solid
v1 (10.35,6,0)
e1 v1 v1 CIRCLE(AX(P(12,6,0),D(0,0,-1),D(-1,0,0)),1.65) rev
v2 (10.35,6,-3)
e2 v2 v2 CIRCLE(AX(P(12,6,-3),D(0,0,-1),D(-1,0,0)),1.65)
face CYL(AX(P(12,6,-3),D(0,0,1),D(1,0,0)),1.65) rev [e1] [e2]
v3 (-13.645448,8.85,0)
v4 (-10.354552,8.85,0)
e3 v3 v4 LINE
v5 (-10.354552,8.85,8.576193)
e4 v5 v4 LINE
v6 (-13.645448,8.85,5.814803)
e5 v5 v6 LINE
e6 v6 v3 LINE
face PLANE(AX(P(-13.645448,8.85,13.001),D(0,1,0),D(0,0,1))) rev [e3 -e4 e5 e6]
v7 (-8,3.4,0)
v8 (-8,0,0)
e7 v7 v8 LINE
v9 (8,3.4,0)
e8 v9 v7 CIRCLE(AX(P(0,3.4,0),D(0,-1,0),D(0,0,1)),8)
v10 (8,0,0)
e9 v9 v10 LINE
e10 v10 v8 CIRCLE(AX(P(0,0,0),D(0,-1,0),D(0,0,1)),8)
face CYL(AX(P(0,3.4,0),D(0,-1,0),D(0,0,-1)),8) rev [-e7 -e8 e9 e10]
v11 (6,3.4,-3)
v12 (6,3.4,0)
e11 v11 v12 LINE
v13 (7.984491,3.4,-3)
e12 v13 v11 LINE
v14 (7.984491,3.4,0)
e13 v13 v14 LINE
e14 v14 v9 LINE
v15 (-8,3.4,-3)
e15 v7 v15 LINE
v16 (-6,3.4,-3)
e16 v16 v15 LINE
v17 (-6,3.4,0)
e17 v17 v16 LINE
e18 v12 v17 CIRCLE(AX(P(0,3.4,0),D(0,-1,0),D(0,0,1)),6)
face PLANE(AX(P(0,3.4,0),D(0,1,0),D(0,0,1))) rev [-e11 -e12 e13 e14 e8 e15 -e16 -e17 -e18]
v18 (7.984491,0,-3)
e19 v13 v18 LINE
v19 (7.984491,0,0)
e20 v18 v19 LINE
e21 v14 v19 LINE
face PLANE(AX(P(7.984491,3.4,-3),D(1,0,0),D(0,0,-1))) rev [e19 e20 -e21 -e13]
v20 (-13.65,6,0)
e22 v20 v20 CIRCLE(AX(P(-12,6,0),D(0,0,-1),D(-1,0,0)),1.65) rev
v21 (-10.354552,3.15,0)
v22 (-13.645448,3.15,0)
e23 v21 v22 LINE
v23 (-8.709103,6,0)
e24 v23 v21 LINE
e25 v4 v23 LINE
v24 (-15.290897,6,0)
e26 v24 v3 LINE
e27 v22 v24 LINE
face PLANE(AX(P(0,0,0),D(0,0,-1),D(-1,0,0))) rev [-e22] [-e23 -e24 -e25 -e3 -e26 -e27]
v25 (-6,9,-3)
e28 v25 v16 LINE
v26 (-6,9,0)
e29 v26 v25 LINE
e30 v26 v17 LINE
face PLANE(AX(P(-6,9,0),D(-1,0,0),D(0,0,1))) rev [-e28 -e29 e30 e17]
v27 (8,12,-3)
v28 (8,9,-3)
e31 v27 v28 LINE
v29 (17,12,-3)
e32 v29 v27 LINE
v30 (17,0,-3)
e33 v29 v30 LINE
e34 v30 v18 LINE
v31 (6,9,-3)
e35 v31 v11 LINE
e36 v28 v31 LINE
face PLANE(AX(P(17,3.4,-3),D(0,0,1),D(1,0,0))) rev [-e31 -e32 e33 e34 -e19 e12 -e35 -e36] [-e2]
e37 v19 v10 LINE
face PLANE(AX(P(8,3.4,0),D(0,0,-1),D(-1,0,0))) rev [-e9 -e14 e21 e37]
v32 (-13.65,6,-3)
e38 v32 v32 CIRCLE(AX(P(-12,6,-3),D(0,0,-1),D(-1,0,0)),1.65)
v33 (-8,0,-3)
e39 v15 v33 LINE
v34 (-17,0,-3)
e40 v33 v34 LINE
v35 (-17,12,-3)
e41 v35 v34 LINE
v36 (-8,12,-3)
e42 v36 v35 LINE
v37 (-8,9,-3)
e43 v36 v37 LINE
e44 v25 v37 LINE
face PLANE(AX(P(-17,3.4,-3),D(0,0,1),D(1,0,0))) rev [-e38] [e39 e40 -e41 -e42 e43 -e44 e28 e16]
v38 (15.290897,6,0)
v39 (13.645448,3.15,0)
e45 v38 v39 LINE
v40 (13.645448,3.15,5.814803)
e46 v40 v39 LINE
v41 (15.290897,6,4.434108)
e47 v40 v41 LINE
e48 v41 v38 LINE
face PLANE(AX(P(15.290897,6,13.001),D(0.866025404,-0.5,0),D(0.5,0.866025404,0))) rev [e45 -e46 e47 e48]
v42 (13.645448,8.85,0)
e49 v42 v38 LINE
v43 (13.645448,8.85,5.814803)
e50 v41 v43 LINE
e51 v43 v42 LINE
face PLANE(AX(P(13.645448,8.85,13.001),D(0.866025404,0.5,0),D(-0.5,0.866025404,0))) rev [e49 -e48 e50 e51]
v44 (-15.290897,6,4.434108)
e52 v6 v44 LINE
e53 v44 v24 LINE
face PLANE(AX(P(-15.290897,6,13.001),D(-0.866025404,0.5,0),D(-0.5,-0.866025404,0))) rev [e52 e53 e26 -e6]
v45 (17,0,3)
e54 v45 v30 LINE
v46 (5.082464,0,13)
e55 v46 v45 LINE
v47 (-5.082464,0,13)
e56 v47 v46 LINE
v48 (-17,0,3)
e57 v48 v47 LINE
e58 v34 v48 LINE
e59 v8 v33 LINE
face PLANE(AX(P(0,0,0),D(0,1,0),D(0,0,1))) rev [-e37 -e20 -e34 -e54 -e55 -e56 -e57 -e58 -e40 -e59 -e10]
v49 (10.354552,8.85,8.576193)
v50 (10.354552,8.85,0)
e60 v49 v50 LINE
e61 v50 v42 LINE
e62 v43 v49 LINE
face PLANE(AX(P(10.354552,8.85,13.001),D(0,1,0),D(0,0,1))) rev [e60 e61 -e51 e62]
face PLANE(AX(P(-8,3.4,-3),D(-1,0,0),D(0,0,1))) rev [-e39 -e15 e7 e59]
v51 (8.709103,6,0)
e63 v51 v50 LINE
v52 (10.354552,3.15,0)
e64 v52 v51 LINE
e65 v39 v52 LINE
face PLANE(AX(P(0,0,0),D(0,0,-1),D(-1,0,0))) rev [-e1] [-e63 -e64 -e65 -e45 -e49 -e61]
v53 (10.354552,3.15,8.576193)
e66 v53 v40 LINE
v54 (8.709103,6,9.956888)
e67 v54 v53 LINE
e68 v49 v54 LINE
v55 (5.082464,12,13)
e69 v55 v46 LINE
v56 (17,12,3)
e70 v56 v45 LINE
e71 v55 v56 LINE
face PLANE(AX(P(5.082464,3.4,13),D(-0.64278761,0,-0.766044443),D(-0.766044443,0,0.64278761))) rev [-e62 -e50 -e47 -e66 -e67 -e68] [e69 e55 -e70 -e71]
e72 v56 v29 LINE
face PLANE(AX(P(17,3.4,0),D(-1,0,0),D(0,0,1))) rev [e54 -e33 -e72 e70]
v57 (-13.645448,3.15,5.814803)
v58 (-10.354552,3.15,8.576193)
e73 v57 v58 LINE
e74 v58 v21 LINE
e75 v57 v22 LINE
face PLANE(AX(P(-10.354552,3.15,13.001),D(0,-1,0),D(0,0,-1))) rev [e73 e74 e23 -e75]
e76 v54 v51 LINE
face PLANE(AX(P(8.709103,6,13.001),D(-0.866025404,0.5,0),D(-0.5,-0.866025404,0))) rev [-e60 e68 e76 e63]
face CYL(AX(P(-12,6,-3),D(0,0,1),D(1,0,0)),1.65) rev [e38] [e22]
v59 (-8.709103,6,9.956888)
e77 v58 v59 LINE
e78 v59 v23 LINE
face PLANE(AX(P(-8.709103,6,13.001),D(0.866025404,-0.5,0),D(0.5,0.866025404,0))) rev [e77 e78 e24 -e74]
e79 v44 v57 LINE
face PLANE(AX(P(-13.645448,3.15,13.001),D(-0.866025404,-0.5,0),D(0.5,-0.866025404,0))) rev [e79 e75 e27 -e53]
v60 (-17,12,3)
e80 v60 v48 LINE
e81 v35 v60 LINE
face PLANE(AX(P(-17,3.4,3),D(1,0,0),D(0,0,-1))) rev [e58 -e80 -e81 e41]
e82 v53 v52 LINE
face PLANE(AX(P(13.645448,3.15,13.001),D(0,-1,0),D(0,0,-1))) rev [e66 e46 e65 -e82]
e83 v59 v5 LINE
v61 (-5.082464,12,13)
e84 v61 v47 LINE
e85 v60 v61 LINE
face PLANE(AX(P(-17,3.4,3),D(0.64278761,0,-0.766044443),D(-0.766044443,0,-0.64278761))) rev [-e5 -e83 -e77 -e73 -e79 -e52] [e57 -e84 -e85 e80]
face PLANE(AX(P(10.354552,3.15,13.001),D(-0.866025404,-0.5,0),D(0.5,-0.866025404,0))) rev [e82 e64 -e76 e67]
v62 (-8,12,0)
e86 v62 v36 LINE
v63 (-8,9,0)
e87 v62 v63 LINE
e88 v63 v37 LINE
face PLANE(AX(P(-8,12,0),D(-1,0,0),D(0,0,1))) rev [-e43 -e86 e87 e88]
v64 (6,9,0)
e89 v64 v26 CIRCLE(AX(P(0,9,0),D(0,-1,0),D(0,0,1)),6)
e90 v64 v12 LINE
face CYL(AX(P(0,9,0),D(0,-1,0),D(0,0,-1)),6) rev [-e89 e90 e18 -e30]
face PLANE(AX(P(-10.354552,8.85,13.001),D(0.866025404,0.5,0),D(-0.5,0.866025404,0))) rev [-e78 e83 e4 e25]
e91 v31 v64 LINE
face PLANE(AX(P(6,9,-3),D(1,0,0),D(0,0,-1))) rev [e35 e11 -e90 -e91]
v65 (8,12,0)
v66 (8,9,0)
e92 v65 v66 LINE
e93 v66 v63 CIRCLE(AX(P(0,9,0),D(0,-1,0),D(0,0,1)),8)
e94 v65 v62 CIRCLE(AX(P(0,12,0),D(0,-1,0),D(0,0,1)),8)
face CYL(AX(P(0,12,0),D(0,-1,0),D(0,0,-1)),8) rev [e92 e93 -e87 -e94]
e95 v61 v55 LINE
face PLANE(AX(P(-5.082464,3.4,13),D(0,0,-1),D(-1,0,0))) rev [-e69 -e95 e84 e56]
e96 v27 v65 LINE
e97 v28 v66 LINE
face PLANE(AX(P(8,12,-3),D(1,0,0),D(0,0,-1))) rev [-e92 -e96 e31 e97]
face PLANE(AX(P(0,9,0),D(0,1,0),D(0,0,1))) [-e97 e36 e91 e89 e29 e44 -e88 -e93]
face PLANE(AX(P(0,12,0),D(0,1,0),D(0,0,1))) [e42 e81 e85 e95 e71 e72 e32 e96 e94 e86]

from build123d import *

# Parameters (mm, degrees)
EXTRUDE_1_DEPTH          = 3.4
EXTRUDE_2_DEPTH          = 5.6
EXTRUDE_3_DEPTH          = 3
SKETCH_5_R               = 1.65
CUT_EXTRUDE_2_DEPTH      = 4
CUT_EXTRUDE_2_DEPTH_BACK = 14
CUT_EXTRUDE_1_REACH      = 15


with BuildPart() as part:
    # 草图1 → 凸台-拉伸1 (new body)
    with BuildSketch(Plane(origin=(0, 0, 0), x_dir=(1, 0, 0), z_dir=(0, 1, 0))):
        with BuildLine():
            Line((-17, -3), (-5.082464074, -13))
            Line((-5.082464074, -13), (5.082464074, -13))
            Line((5.082464074, -13), (17, -3))
            Line((17, -3), (17, 0))
            Line((17, 0), (17, 3))
            Line((17, 3), (7.984491068, 3))
            Line((7.984491068, 3), (7.984491068, 0))
            Line((7.984491068, 0), (8, 0))
            ThreePointArc((8, 0), (0, -8), (-8, 0))
            Line((-8, 0), (-8, 3))
            Line((-8, 3), (-17, 3))
            Line((-17, 3), (-17, -3))
        make_face()
    extrude(amount=EXTRUDE_1_DEPTH)

    # 草图2 → 凸台-拉伸2 (add)
    with BuildSketch(Plane(origin=(0, 3.4, 0), x_dir=(1, 0, 0), z_dir=(0, 1, 0))):
        with BuildLine():
            Line((-17, -3), (-5.082464074, -13))
            Line((-5.082464074, -13), (5.082464074, -13))
            Line((5.082464074, -13), (17, -3))
            Line((17, -3), (17, 3))
            Line((17, 3), (6, 3))
            Line((6, 3), (6, 0))
            ThreePointArc((6, 0), (0, -6), (-6, 0))
            Line((-6, 0), (-6, 3))
            Line((-6, 3), (-17, 3))
            Line((-17, 3), (-17, -3))
        make_face()
    extrude(amount=EXTRUDE_2_DEPTH)

    # 草图3 → 凸台-拉伸3 (add)
    with BuildSketch(Plane(origin=(0, 9, 0), x_dir=(1, 0, 0), z_dir=(0, 1, 0))):
        with BuildLine():
            Line((-17, -3), (-5.082464074, -13))
            Line((-5.082464074, -13), (5.082464074, -13))
            Line((5.082464074, -13), (17, -3))
            Line((17, -3), (17, 3))
            Line((17, 3), (8, 3))
            Line((8, 3), (8, 0))
            ThreePointArc((8, 0), (0, -8), (-8, 0))
            Line((-8, 0), (-8, 3))
            Line((-8, 3), (-17, 3))
            Line((-17, 3), (-17, -3))
        make_face()
    extrude(amount=EXTRUDE_3_DEPTH)

    # 草图5 → 切除-拉伸2 (cut, two sides)
    with BuildSketch(Plane(origin=(0, 0, 0), x_dir=(-1, 0, 0), z_dir=(0, 0, -1))) as cut_extrude_2_sk:
        with Locations((12, 6)):
            Circle(SKETCH_5_R)
        with Locations((-12, 6)):
            Circle(SKETCH_5_R)
    extrude(amount=CUT_EXTRUDE_2_DEPTH, mode=Mode.SUBTRACT)
    extrude(cut_extrude_2_sk.sketch, amount=-CUT_EXTRUDE_2_DEPTH_BACK, mode=Mode.SUBTRACT)

    # 草图4 → 切除-拉伸1 (cut, up to next)
    with BuildSketch(Plane(origin=(0, 0, 0), x_dir=(-1, 0, 0), z_dir=(0, 0, -1)), mode=Mode.PRIVATE) as cut_extrude_1_sk1:
        Polygon((10.354551733, 3.15), (13.645448267, 3.15), (15.290896534, 6), (13.645448267, 8.85), (10.354551733, 8.85), (8.709103466, 6), align=None)
    cut_extrude_1_tool1 = extrude(cut_extrude_1_sk1.sketch, amount=-CUT_EXTRUDE_1_REACH, mode=Mode.PRIVATE) & part.part
    add(cut_extrude_1_tool1.solids().sort_by_distance((-12, 6, 0))[0], mode=Mode.SUBTRACT)
    # 草图4 → 切除-拉伸1 (cut, up to next)
    with BuildSketch(Plane(origin=(0, 0, 0), x_dir=(-1, 0, 0), z_dir=(0, 0, -1)), mode=Mode.PRIVATE) as cut_extrude_1_sk2:
        Polygon((-13.645448267, 3.15), (-10.354551733, 3.15), (-8.709103466, 6), (-10.354551733, 8.85), (-13.645448267, 8.85), (-15.290896534, 6), align=None)
    cut_extrude_1_tool2 = extrude(cut_extrude_1_sk2.sketch, amount=-CUT_EXTRUDE_1_REACH, mode=Mode.PRIVATE) & part.part
    add(cut_extrude_1_tool2.solids().sort_by_distance((12, 6, 0))[0], mode=Mode.SUBTRACT)


solid = part.part
